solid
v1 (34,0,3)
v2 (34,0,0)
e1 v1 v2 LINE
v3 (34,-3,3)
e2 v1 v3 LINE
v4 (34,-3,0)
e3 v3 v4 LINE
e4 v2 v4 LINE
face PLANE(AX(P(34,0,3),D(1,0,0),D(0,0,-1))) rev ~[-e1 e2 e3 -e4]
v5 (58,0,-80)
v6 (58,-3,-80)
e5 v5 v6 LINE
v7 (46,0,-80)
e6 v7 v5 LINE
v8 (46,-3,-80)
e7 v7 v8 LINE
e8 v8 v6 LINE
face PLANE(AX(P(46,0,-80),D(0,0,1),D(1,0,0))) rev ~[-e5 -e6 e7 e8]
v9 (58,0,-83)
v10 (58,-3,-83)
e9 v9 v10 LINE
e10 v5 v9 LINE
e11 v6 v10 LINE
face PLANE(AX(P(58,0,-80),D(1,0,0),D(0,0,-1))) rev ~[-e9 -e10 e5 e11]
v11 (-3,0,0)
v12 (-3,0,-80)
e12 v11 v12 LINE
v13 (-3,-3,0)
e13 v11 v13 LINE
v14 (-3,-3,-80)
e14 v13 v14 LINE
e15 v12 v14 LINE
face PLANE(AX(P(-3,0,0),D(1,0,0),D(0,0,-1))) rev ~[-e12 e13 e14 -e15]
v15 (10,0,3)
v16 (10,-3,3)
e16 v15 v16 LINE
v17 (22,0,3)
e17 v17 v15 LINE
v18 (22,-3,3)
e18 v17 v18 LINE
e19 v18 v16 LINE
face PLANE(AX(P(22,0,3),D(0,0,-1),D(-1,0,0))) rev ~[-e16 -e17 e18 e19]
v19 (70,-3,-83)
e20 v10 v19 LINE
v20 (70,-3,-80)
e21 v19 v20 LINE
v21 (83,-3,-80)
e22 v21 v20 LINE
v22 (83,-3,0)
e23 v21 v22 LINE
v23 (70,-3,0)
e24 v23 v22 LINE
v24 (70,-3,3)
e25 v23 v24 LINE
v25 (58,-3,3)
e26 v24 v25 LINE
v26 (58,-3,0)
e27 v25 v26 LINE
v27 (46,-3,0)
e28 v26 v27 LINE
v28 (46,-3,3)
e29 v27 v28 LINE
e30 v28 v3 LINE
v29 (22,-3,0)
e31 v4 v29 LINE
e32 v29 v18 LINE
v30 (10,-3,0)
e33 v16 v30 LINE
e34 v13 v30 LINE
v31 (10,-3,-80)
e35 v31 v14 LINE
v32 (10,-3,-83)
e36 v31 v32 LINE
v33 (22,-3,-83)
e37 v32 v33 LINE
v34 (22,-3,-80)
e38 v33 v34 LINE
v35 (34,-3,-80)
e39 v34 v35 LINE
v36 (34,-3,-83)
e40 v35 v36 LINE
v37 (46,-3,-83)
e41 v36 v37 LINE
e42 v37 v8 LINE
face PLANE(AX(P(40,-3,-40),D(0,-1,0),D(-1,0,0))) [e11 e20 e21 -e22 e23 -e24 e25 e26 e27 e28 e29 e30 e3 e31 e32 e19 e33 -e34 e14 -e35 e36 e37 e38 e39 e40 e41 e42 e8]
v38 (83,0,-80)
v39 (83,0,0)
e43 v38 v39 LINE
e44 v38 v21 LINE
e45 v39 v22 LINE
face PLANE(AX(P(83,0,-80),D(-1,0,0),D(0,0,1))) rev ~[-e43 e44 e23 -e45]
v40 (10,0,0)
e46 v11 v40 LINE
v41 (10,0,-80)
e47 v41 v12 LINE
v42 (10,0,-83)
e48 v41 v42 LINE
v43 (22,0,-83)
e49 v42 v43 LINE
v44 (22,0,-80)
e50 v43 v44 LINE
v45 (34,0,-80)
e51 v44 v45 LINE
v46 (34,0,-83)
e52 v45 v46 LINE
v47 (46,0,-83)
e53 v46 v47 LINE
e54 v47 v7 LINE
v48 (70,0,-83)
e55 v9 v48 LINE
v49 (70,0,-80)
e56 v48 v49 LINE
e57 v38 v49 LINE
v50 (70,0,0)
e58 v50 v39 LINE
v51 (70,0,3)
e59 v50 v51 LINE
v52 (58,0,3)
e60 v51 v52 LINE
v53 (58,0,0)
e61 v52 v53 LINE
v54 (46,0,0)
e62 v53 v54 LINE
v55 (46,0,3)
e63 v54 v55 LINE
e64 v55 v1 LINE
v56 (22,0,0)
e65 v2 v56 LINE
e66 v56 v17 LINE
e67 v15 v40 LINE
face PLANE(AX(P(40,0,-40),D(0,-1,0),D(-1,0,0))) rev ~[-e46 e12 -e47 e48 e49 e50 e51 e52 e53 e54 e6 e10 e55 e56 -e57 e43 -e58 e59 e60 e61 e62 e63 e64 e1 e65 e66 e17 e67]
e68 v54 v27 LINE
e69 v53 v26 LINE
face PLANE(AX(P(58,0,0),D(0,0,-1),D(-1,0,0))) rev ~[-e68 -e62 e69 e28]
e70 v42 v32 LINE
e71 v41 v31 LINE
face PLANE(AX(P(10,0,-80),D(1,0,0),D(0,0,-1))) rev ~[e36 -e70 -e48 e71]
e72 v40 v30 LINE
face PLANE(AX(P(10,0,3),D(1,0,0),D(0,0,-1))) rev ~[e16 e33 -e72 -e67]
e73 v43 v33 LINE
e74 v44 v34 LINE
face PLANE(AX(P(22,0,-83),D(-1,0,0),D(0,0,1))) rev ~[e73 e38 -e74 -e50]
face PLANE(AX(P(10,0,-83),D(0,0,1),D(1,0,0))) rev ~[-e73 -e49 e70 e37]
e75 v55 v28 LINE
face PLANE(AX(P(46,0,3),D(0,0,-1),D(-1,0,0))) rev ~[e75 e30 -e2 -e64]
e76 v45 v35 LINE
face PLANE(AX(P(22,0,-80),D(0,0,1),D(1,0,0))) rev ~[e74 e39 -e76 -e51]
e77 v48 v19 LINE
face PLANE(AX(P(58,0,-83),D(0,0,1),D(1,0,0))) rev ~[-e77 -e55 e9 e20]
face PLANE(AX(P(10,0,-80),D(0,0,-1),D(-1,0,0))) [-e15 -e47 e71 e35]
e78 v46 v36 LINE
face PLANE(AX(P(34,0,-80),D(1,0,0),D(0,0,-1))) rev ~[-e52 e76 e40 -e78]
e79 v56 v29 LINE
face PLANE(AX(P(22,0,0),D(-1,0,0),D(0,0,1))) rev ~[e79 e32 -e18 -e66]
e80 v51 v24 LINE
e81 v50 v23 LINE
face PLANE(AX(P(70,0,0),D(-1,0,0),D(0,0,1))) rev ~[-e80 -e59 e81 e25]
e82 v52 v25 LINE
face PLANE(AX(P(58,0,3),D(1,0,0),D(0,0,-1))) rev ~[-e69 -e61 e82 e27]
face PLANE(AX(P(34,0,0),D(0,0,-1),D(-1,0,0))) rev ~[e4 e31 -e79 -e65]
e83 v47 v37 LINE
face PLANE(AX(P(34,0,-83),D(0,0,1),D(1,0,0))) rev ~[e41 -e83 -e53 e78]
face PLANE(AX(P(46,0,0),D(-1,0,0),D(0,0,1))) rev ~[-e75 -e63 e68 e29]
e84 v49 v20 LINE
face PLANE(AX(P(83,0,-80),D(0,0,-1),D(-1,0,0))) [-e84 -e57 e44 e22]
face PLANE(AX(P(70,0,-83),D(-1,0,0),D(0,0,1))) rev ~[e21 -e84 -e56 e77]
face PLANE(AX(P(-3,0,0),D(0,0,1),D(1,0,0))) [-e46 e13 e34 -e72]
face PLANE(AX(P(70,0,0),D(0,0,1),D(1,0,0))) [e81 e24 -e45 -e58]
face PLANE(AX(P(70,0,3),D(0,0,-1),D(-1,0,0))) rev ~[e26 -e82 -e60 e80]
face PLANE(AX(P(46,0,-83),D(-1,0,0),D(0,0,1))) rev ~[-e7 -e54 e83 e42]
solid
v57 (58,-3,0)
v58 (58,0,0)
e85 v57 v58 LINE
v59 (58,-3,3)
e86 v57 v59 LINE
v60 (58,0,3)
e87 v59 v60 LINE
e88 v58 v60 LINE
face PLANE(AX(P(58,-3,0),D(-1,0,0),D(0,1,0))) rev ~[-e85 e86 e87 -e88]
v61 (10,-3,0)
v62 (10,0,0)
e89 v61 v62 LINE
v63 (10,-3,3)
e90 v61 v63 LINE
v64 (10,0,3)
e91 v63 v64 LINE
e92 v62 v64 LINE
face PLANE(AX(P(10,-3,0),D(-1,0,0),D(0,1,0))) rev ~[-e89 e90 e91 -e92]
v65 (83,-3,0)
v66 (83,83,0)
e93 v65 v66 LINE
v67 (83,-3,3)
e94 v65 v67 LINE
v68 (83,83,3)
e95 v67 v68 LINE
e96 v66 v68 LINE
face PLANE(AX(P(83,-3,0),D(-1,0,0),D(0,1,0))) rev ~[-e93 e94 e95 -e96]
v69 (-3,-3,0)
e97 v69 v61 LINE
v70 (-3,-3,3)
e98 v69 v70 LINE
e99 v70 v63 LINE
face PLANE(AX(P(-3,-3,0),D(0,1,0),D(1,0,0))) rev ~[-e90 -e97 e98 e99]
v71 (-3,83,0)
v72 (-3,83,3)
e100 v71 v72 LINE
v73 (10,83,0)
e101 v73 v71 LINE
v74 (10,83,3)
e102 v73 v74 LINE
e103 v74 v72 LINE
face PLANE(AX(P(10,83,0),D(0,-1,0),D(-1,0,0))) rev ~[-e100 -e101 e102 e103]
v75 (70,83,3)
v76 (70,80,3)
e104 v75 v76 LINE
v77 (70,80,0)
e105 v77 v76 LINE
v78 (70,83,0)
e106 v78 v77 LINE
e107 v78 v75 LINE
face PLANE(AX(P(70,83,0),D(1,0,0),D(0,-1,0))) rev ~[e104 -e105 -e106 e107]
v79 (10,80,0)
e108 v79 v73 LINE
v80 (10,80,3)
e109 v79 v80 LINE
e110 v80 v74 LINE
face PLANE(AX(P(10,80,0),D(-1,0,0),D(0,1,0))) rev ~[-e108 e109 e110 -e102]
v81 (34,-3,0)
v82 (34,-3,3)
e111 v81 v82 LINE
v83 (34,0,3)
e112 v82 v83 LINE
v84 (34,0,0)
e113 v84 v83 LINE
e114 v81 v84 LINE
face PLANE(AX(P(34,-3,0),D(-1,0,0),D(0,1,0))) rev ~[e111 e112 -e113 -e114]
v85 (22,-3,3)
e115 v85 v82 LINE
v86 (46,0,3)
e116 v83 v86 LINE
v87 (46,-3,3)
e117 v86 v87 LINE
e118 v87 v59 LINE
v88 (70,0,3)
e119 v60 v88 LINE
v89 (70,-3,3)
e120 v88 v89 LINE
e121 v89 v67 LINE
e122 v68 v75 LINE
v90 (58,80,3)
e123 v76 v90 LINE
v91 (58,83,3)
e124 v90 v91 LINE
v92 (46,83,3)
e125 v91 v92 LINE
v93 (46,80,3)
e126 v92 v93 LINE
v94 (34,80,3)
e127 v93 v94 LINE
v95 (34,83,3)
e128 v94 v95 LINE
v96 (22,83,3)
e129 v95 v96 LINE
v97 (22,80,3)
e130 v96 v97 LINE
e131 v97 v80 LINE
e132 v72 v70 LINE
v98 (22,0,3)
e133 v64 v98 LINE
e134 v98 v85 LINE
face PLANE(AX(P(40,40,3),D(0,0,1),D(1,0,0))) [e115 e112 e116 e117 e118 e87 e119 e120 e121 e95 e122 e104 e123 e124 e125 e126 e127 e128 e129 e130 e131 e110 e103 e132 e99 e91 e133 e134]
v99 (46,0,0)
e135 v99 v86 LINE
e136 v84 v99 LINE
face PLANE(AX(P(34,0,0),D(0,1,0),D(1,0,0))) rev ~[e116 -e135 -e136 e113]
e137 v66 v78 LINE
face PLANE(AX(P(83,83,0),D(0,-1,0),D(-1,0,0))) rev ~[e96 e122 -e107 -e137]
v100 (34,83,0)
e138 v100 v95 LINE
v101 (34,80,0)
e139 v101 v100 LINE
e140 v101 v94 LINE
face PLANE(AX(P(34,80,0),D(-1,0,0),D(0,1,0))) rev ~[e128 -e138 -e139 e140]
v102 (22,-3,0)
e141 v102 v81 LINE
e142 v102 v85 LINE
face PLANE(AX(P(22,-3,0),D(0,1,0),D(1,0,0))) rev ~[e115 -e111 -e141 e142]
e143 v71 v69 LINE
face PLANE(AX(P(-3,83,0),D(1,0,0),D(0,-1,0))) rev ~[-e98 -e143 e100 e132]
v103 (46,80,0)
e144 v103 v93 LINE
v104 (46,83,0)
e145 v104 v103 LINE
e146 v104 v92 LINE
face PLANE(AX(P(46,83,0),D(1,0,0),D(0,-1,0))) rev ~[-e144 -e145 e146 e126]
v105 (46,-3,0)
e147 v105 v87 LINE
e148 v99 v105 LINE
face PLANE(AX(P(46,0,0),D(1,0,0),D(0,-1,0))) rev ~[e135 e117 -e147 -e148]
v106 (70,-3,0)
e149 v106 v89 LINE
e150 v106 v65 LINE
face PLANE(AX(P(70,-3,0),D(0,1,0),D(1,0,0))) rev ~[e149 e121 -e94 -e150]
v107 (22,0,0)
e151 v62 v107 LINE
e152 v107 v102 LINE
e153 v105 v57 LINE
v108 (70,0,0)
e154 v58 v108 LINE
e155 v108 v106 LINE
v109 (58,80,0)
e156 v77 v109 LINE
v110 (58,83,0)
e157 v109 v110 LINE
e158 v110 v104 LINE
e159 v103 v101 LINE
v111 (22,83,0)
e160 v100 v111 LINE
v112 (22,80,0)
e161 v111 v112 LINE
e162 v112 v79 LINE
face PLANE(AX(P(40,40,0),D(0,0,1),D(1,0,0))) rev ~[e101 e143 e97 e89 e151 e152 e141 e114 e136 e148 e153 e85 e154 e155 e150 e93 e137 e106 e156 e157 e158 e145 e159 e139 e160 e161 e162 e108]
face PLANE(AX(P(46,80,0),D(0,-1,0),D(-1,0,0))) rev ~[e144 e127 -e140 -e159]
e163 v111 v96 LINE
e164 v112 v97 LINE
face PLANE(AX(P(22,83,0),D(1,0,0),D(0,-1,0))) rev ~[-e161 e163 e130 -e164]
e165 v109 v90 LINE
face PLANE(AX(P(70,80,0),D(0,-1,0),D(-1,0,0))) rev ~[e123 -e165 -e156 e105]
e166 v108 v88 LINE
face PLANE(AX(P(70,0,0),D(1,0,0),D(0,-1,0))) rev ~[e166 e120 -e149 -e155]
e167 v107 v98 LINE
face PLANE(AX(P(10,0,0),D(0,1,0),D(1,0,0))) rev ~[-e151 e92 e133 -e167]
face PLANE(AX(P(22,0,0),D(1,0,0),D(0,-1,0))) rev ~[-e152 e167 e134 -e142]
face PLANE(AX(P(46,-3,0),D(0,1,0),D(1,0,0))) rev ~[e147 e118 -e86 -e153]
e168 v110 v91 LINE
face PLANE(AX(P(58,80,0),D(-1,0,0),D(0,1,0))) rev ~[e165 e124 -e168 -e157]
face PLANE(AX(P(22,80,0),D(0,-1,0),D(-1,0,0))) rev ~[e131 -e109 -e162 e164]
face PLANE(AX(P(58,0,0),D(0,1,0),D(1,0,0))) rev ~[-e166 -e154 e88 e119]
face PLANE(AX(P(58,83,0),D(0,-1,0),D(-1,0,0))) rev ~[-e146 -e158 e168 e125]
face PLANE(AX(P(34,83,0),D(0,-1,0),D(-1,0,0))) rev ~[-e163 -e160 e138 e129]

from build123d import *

# Parameters (mm, degrees)
SALIENTE_EXTRUIR1_DEPTH = 3
SALIENTE_EXTRUIR4_DEPTH = 3


with BuildPart() as part:
    # Croquis1 → Saliente-Extruir1 (new body)
    with BuildSketch(Plane.XY):
        Polygon((10, 0), (22, 0), (22, -3), (34, -3), (34, 0), (46, 0), (46, -3), (58, -3), (58, 0), (70, 0), (70, -3), (83, -3), (83, 83), (70, 83), (70, 80), (58, 80), (58, 83), (46, 83), (46, 80), (34, 80), (34, 83), (22, 83), (22, 80), (10, 80), (10, 83), (-3, 83), (-3, -3), (10, -3), align=None)
    extrude(amount=SALIENTE_EXTRUIR1_DEPTH)


with BuildPart() as body_2:
    # Croquis4 → Saliente-Extruir4 (new body)
    with BuildSketch(Plane(origin=(0, 0, 0), x_dir=(1, 0, 0), z_dir=(0, 1, 0))):
        Polygon((-3, 0), (-3, 80), (0, 80), (10, 80), (10, 83), (22, 83), (22, 80), (34, 80), (34, 83), (46, 83), (46, 80), (58, 80), (58, 83), (70, 83), (70, 80), (80, 80), (83, 80), (83, 0), (80, 0), (70, 0), (70, -3), (58, -3), (58, 0), (46, 0), (46, -3), (34, -3), (34, 0), (22, 0), (22, -3), (10, -3), (10, 0), (0, 0), align=None)
    extrude(amount=-SALIENTE_EXTRUIR4_DEPTH)


solid = Compound([part.part, body_2.part])
